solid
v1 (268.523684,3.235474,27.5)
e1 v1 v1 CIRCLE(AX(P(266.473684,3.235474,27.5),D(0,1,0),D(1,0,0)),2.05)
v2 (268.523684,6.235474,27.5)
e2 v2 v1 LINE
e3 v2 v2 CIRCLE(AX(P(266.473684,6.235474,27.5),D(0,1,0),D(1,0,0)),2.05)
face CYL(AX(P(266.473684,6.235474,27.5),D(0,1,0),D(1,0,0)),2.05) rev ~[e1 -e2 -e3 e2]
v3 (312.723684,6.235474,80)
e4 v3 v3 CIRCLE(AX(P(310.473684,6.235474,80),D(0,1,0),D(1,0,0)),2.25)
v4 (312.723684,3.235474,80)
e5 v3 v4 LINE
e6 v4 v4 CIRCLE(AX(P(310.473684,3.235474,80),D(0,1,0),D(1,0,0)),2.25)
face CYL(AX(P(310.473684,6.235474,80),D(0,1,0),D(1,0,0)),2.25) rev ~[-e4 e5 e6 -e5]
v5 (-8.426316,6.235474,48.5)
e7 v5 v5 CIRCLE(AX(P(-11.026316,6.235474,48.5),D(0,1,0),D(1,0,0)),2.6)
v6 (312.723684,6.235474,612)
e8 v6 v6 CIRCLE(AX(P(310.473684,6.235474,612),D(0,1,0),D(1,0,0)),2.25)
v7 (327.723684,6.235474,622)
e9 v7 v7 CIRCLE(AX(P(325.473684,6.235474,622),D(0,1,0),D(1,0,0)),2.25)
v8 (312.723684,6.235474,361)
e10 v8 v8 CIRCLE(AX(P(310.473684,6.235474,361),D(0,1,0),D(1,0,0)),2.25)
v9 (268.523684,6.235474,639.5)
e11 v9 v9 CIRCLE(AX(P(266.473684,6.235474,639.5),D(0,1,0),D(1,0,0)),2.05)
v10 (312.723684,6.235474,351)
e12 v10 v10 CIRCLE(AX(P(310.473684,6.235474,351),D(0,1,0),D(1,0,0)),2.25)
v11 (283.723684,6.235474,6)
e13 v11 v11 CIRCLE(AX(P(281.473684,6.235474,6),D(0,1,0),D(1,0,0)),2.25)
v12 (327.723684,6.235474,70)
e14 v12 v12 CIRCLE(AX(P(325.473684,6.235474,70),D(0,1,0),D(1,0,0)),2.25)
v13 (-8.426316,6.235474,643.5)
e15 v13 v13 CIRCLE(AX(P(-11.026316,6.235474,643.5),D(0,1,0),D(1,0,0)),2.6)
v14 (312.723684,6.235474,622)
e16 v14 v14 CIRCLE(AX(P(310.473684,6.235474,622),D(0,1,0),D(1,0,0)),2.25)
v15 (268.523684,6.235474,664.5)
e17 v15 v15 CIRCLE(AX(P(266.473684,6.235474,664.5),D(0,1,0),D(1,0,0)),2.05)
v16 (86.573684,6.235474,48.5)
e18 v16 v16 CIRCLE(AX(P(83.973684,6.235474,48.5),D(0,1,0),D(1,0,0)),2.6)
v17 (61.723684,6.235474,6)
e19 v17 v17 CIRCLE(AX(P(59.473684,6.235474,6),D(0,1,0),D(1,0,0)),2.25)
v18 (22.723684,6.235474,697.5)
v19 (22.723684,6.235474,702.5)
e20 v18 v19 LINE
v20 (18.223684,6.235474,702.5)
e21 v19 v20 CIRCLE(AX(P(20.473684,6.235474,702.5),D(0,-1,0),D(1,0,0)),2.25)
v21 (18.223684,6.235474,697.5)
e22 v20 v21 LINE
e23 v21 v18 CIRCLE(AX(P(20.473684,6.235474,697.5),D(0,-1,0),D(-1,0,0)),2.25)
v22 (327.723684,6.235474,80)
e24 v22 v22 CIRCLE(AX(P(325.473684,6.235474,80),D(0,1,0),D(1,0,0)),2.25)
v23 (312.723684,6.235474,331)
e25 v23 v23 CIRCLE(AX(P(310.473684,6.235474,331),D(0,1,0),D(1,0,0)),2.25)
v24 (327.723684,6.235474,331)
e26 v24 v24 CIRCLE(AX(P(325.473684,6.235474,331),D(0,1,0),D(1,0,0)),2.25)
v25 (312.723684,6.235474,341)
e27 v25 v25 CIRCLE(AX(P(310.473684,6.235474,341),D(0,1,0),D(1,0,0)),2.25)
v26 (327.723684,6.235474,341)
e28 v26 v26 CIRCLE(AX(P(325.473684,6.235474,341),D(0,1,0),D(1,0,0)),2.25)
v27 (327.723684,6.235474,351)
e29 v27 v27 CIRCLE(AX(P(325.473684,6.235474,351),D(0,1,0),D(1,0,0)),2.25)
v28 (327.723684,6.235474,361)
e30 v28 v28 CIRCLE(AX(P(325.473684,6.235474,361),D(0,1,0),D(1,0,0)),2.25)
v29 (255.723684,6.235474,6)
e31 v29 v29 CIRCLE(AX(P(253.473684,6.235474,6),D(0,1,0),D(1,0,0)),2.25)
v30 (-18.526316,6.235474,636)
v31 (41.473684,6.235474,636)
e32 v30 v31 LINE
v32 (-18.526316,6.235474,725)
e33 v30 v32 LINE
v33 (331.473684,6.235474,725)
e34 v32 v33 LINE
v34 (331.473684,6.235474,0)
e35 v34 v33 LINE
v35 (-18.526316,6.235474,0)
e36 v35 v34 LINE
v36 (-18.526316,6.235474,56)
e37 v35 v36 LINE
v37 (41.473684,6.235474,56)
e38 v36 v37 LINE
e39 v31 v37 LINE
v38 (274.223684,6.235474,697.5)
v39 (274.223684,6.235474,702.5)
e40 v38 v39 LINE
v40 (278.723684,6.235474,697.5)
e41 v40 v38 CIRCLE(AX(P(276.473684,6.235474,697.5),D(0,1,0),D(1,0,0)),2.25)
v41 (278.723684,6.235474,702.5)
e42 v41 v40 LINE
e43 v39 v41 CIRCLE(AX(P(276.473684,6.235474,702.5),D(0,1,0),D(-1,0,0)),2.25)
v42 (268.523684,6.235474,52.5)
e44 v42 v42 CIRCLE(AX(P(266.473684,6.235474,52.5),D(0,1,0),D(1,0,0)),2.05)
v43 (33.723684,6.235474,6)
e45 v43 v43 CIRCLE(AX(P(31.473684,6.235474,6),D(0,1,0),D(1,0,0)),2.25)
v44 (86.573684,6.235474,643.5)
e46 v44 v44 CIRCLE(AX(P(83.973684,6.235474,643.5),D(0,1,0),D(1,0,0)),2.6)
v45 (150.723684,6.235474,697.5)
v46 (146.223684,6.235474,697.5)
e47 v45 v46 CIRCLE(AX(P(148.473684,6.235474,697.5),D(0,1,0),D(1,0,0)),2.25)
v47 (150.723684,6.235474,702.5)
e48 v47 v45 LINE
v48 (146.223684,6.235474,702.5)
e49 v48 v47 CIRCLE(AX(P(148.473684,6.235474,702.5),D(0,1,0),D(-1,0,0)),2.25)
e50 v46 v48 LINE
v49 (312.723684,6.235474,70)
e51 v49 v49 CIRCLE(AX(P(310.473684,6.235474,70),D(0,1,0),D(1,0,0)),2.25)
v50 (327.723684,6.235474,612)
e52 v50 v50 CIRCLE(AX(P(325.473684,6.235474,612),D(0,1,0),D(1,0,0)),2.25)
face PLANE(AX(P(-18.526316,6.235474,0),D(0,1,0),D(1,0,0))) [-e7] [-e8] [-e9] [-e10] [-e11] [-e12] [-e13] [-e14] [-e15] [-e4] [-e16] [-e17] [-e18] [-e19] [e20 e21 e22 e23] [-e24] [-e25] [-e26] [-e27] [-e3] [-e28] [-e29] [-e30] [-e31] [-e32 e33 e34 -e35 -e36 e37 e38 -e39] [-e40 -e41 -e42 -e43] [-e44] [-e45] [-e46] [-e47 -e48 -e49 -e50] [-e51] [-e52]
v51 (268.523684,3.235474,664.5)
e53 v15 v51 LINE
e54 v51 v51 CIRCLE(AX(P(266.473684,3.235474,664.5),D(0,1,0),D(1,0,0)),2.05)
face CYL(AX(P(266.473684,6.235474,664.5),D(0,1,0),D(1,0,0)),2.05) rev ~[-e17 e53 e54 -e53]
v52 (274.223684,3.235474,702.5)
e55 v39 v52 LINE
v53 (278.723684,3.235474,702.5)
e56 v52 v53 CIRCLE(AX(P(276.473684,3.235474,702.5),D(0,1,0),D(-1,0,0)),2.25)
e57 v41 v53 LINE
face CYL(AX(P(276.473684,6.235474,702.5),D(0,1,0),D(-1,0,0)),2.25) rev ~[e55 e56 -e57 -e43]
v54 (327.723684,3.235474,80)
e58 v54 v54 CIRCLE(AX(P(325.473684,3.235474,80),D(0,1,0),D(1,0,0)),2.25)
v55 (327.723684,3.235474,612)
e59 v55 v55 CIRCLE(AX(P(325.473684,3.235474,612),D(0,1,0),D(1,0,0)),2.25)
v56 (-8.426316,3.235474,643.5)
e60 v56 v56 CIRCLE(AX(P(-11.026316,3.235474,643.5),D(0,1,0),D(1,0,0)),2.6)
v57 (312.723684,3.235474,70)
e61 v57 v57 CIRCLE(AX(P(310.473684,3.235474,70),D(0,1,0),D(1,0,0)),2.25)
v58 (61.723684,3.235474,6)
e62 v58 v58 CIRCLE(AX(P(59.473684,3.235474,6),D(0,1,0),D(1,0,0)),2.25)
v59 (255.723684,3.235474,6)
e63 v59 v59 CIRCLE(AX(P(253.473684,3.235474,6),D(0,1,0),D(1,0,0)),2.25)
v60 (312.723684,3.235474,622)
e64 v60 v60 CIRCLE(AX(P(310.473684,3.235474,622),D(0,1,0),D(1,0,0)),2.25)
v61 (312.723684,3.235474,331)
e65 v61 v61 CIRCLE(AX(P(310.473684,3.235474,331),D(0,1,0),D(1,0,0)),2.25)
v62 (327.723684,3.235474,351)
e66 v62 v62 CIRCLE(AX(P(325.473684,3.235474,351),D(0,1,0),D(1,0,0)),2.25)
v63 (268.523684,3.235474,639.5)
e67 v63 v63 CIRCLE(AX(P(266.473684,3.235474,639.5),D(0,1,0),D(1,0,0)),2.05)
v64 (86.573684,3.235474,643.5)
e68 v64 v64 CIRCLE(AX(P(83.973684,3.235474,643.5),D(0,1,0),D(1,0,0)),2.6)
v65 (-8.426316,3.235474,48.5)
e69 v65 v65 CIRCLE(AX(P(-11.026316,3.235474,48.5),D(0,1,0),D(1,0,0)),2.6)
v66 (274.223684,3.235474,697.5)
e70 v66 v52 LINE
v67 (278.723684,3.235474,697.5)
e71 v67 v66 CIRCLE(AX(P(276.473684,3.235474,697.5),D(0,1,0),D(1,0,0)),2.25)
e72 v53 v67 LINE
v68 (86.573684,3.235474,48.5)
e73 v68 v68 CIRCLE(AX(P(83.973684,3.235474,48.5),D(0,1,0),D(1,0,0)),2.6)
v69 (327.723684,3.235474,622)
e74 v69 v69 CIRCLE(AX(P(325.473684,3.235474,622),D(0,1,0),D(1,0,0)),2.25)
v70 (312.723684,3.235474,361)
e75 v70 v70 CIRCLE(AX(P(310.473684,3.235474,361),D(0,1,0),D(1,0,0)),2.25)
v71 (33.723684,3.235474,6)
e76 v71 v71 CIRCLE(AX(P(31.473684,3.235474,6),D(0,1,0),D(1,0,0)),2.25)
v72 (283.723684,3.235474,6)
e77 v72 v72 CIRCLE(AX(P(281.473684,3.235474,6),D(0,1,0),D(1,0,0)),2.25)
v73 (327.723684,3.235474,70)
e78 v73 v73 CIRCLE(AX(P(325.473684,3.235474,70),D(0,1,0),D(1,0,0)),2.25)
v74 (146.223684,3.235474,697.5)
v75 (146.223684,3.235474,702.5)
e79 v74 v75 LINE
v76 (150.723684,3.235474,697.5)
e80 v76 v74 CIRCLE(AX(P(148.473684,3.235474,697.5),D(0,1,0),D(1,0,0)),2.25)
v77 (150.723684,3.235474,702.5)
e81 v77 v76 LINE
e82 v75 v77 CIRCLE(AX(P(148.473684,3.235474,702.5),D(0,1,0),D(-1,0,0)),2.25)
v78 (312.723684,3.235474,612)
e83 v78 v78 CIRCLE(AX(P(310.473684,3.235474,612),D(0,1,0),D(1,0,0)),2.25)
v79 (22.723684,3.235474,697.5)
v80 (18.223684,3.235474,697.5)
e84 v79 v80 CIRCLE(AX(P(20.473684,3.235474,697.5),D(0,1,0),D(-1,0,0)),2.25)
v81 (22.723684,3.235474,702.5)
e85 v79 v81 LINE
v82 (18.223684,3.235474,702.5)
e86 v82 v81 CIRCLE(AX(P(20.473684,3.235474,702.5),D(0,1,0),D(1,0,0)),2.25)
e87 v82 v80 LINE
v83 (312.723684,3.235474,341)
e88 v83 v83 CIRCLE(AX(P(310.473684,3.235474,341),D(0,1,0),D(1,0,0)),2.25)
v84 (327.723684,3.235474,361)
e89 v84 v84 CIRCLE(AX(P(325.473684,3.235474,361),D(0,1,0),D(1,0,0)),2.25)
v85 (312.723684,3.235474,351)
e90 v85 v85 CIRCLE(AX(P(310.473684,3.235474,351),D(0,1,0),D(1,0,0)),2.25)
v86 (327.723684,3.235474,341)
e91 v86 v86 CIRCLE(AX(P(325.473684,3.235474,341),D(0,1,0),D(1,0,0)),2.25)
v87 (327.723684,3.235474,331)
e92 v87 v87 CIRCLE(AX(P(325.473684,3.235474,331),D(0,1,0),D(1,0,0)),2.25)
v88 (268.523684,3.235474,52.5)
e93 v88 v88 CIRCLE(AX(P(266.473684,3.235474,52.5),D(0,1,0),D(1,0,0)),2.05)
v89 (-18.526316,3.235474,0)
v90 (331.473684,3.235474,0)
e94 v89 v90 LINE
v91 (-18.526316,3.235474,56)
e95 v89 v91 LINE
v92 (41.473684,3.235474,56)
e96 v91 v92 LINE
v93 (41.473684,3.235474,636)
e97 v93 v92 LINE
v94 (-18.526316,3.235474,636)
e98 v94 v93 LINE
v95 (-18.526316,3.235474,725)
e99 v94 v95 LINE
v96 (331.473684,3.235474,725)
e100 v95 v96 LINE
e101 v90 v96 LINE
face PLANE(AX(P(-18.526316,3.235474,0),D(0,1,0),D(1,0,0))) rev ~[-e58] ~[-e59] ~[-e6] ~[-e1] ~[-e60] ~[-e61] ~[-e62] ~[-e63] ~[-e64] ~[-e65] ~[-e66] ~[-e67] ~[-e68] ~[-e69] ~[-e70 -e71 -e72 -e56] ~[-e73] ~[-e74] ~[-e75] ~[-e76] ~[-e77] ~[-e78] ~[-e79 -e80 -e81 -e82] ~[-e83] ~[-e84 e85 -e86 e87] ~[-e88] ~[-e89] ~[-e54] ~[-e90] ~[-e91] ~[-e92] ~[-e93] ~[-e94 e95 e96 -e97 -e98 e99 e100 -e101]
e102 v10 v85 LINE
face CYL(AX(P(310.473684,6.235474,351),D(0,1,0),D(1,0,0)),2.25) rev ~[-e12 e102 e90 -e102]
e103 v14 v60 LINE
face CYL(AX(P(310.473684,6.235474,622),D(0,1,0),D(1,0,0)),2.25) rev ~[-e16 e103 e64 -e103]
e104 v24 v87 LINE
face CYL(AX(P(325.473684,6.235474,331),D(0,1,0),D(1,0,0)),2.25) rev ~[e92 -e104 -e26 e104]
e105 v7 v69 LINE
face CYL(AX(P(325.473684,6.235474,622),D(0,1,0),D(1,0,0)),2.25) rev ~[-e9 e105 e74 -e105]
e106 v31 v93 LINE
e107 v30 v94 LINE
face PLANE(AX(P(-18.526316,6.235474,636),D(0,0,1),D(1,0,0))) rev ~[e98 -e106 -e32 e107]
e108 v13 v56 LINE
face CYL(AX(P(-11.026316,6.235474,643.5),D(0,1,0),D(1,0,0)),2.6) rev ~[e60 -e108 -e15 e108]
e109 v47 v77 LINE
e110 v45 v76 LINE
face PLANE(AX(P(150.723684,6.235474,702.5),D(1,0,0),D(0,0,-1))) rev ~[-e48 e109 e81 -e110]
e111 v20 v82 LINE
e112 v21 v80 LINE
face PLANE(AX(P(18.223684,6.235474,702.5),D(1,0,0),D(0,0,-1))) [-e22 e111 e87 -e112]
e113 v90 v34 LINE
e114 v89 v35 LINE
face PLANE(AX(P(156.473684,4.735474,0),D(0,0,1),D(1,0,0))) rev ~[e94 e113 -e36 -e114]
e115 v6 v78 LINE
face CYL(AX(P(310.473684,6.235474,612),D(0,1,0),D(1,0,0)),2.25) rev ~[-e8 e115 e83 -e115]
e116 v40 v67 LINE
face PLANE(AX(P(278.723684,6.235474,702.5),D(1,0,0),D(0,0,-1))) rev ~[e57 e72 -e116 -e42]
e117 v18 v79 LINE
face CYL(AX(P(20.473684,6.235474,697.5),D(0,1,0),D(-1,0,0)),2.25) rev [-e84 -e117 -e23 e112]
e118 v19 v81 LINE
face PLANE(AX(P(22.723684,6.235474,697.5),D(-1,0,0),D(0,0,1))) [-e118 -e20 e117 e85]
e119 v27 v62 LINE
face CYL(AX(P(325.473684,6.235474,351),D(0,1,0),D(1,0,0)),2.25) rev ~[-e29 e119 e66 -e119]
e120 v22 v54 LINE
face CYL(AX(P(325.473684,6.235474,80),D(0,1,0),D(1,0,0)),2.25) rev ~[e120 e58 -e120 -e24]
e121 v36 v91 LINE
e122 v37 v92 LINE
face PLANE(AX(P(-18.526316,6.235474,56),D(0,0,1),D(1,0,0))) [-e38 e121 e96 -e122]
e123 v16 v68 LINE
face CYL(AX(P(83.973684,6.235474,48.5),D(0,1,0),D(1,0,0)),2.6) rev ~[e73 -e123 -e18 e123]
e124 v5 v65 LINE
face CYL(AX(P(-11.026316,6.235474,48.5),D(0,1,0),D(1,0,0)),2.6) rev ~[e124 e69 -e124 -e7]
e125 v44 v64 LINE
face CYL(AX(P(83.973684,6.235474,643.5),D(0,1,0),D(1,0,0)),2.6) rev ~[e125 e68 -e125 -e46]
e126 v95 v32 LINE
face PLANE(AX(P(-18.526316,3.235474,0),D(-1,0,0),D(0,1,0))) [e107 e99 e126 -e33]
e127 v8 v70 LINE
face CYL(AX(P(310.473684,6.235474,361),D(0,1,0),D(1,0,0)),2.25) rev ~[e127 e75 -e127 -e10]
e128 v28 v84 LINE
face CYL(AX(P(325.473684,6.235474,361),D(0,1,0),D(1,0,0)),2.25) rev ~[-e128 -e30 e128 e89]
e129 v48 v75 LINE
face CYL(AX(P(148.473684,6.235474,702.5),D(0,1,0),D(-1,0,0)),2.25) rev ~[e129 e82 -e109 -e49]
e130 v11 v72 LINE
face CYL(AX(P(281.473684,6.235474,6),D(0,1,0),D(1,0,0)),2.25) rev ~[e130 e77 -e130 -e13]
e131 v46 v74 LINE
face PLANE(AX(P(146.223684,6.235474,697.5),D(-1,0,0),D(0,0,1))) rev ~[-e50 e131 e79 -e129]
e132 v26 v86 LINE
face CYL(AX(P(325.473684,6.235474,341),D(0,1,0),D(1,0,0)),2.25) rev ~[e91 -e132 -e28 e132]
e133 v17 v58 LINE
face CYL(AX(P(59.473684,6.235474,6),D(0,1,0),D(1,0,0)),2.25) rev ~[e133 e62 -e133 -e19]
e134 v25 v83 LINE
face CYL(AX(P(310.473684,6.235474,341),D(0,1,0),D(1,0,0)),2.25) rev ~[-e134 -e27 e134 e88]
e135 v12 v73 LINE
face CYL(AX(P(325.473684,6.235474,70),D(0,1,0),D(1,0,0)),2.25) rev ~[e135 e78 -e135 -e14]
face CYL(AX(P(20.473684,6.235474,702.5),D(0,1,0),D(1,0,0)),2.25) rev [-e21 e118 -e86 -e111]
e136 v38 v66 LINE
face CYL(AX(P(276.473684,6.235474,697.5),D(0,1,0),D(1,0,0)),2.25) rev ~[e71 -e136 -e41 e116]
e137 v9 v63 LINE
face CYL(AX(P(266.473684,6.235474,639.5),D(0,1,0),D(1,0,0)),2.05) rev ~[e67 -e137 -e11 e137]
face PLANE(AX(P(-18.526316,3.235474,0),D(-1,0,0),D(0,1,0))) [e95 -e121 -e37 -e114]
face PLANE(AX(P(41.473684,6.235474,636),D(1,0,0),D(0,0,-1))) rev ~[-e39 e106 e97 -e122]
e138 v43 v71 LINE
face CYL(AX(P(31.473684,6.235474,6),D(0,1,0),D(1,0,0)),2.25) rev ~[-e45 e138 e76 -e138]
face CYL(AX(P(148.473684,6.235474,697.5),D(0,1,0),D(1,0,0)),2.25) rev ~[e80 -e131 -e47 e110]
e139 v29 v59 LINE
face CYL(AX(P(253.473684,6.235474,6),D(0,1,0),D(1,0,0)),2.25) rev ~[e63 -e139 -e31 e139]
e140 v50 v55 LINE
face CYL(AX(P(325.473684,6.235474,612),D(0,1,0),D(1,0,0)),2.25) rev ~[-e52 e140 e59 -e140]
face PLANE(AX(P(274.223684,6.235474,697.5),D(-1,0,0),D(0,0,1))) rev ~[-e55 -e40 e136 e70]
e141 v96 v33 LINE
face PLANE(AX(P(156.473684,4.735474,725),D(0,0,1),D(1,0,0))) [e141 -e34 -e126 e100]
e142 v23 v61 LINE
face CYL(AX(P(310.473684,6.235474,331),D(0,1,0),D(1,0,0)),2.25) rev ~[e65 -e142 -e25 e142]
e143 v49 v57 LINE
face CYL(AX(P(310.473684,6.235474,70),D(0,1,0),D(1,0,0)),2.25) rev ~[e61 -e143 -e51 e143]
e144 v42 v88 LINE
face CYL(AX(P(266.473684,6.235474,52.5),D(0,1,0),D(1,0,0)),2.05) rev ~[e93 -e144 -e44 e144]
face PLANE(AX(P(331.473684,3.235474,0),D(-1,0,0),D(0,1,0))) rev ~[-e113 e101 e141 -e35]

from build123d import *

# Parameters (mm, degrees)
SKETCH_1_W          = 350
SKETCH_1_H          = 3
EXTRUDE_1_DEPTH     = 725
SKETCH_2_R          = 2.6
SKETCH_2_R_2        = 2.25
SKETCH_2_R_3        = 2.05
SKETCH_2_W          = 60
SKETCH_2_H          = 580
CUT_EXTRUDE_1_DEPTH = 10


with BuildPart() as part:
    # 草图1 → 凸台-拉伸1 (new body)
    with BuildSketch(Plane.XY):
        with Locations((156.473684211, 4.735473664)):
            Rectangle(SKETCH_1_W, SKETCH_1_H)
    extrude(amount=EXTRUDE_1_DEPTH)

    # 草图2 → 切除-拉伸1 (cut)
    with BuildSketch(Plane(origin=(0, 6.235473664, 0), x_dir=(1, 0, 0), z_dir=(0, 1, 0))):
        with Locations((-11.026315789, -48.5)):
            Circle(SKETCH_2_R)
        with Locations((83.973684211, -48.5)):
            Circle(SKETCH_2_R)
        with Locations((-11.026315789, -643.5)):
            Circle(SKETCH_2_R)
        with Locations((83.973684211, -643.5)):
            Circle(SKETCH_2_R)
        with Locations((325.473684211, -341)):
            Circle(SKETCH_2_R_2)
        with Locations((310.473684211, -341)):
            Circle(SKETCH_2_R_2)
        with Locations((310.473684211, -331)):
            Circle(SKETCH_2_R_2)
        with Locations((325.473684211, -331)):
            Circle(SKETCH_2_R_2)
        with Locations((310.473684211, -80)):
            Circle(SKETCH_2_R_2)
        with Locations((310.473684211, -70)):
            Circle(SKETCH_2_R_2)
        with Locations((325.473684211, -70)):
            Circle(SKETCH_2_R_2)
        with Locations((325.473684211, -80)):
            Circle(SKETCH_2_R_2)
        with Locations((281.473684211, -6)):
            Circle(SKETCH_2_R_2)
        with Locations((253.473684211, -6)):
            Circle(SKETCH_2_R_2)
        with Locations((31.473684211, -6)):
            Circle(SKETCH_2_R_2)
        with Locations((59.473684211, -6)):
            Circle(SKETCH_2_R_2)
        with Locations((325.473684211, -351)):
            Circle(SKETCH_2_R_2)
        with Locations((310.473684211, -351)):
            Circle(SKETCH_2_R_2)
        with Locations((325.473684211, -361)):
            Circle(SKETCH_2_R_2)
        with Locations((310.473684211, -361)):
            Circle(SKETCH_2_R_2)
        with Locations((310.473684211, -612)):
            Circle(SKETCH_2_R_2)
        with Locations((325.473684211, -612)):
            Circle(SKETCH_2_R_2)
        with Locations((325.473684211, -622)):
            Circle(SKETCH_2_R_2)
        with Locations((310.473684211, -622)):
            Circle(SKETCH_2_R_2)
        with Locations((266.473684211, -639.5)):
            Circle(SKETCH_2_R_3)
        with Locations((266.473684211, -664.5)):
            Circle(SKETCH_2_R_3)
        with Locations((266.473684211, -52.5)):
            Circle(SKETCH_2_R_3)
        with Locations((266.473684211, -27.5)):
            Circle(SKETCH_2_R_3)
        with Locations((11.473684211, -346)):
            Rectangle(SKETCH_2_W, SKETCH_2_H)
        with BuildLine():
            Line((18.223684211, -702.5), (18.223684211, -697.5))
            ThreePointArc((18.223684211, -697.5), (20.473684211, -695.25), (22.723684211, -697.5))
            Line((22.723684211, -697.5), (22.723684211, -702.5))
            ThreePointArc((22.723684211, -702.5), (20.473684211, -704.75), (18.223684211, -702.5))
        make_face()
        with BuildLine():
            Line((150.723684211, -702.5), (150.723684211, -697.5))
            ThreePointArc((150.723684211, -697.5), (148.473684211, -695.25), (146.223684211, -697.5))
            Line((146.223684211, -697.5), (146.223684211, -702.5))
            ThreePointArc((146.223684211, -702.5), (148.473684211, -704.75), (150.723684211, -702.5))
        make_face()
        with BuildLine():
            Line((278.723684211, -702.5), (278.723684211, -697.5))
            ThreePointArc((278.723684211, -697.5), (276.473684211, -695.25), (274.223684211, -697.5))
            Line((274.223684211, -697.5), (274.223684211, -702.5))
            ThreePointArc((274.223684211, -702.5), (276.473684211, -704.75), (278.723684211, -702.5))
        make_face()
    extrude(amount=-CUT_EXTRUDE_1_DEPTH, mode=Mode.SUBTRACT)


solid = part.part
